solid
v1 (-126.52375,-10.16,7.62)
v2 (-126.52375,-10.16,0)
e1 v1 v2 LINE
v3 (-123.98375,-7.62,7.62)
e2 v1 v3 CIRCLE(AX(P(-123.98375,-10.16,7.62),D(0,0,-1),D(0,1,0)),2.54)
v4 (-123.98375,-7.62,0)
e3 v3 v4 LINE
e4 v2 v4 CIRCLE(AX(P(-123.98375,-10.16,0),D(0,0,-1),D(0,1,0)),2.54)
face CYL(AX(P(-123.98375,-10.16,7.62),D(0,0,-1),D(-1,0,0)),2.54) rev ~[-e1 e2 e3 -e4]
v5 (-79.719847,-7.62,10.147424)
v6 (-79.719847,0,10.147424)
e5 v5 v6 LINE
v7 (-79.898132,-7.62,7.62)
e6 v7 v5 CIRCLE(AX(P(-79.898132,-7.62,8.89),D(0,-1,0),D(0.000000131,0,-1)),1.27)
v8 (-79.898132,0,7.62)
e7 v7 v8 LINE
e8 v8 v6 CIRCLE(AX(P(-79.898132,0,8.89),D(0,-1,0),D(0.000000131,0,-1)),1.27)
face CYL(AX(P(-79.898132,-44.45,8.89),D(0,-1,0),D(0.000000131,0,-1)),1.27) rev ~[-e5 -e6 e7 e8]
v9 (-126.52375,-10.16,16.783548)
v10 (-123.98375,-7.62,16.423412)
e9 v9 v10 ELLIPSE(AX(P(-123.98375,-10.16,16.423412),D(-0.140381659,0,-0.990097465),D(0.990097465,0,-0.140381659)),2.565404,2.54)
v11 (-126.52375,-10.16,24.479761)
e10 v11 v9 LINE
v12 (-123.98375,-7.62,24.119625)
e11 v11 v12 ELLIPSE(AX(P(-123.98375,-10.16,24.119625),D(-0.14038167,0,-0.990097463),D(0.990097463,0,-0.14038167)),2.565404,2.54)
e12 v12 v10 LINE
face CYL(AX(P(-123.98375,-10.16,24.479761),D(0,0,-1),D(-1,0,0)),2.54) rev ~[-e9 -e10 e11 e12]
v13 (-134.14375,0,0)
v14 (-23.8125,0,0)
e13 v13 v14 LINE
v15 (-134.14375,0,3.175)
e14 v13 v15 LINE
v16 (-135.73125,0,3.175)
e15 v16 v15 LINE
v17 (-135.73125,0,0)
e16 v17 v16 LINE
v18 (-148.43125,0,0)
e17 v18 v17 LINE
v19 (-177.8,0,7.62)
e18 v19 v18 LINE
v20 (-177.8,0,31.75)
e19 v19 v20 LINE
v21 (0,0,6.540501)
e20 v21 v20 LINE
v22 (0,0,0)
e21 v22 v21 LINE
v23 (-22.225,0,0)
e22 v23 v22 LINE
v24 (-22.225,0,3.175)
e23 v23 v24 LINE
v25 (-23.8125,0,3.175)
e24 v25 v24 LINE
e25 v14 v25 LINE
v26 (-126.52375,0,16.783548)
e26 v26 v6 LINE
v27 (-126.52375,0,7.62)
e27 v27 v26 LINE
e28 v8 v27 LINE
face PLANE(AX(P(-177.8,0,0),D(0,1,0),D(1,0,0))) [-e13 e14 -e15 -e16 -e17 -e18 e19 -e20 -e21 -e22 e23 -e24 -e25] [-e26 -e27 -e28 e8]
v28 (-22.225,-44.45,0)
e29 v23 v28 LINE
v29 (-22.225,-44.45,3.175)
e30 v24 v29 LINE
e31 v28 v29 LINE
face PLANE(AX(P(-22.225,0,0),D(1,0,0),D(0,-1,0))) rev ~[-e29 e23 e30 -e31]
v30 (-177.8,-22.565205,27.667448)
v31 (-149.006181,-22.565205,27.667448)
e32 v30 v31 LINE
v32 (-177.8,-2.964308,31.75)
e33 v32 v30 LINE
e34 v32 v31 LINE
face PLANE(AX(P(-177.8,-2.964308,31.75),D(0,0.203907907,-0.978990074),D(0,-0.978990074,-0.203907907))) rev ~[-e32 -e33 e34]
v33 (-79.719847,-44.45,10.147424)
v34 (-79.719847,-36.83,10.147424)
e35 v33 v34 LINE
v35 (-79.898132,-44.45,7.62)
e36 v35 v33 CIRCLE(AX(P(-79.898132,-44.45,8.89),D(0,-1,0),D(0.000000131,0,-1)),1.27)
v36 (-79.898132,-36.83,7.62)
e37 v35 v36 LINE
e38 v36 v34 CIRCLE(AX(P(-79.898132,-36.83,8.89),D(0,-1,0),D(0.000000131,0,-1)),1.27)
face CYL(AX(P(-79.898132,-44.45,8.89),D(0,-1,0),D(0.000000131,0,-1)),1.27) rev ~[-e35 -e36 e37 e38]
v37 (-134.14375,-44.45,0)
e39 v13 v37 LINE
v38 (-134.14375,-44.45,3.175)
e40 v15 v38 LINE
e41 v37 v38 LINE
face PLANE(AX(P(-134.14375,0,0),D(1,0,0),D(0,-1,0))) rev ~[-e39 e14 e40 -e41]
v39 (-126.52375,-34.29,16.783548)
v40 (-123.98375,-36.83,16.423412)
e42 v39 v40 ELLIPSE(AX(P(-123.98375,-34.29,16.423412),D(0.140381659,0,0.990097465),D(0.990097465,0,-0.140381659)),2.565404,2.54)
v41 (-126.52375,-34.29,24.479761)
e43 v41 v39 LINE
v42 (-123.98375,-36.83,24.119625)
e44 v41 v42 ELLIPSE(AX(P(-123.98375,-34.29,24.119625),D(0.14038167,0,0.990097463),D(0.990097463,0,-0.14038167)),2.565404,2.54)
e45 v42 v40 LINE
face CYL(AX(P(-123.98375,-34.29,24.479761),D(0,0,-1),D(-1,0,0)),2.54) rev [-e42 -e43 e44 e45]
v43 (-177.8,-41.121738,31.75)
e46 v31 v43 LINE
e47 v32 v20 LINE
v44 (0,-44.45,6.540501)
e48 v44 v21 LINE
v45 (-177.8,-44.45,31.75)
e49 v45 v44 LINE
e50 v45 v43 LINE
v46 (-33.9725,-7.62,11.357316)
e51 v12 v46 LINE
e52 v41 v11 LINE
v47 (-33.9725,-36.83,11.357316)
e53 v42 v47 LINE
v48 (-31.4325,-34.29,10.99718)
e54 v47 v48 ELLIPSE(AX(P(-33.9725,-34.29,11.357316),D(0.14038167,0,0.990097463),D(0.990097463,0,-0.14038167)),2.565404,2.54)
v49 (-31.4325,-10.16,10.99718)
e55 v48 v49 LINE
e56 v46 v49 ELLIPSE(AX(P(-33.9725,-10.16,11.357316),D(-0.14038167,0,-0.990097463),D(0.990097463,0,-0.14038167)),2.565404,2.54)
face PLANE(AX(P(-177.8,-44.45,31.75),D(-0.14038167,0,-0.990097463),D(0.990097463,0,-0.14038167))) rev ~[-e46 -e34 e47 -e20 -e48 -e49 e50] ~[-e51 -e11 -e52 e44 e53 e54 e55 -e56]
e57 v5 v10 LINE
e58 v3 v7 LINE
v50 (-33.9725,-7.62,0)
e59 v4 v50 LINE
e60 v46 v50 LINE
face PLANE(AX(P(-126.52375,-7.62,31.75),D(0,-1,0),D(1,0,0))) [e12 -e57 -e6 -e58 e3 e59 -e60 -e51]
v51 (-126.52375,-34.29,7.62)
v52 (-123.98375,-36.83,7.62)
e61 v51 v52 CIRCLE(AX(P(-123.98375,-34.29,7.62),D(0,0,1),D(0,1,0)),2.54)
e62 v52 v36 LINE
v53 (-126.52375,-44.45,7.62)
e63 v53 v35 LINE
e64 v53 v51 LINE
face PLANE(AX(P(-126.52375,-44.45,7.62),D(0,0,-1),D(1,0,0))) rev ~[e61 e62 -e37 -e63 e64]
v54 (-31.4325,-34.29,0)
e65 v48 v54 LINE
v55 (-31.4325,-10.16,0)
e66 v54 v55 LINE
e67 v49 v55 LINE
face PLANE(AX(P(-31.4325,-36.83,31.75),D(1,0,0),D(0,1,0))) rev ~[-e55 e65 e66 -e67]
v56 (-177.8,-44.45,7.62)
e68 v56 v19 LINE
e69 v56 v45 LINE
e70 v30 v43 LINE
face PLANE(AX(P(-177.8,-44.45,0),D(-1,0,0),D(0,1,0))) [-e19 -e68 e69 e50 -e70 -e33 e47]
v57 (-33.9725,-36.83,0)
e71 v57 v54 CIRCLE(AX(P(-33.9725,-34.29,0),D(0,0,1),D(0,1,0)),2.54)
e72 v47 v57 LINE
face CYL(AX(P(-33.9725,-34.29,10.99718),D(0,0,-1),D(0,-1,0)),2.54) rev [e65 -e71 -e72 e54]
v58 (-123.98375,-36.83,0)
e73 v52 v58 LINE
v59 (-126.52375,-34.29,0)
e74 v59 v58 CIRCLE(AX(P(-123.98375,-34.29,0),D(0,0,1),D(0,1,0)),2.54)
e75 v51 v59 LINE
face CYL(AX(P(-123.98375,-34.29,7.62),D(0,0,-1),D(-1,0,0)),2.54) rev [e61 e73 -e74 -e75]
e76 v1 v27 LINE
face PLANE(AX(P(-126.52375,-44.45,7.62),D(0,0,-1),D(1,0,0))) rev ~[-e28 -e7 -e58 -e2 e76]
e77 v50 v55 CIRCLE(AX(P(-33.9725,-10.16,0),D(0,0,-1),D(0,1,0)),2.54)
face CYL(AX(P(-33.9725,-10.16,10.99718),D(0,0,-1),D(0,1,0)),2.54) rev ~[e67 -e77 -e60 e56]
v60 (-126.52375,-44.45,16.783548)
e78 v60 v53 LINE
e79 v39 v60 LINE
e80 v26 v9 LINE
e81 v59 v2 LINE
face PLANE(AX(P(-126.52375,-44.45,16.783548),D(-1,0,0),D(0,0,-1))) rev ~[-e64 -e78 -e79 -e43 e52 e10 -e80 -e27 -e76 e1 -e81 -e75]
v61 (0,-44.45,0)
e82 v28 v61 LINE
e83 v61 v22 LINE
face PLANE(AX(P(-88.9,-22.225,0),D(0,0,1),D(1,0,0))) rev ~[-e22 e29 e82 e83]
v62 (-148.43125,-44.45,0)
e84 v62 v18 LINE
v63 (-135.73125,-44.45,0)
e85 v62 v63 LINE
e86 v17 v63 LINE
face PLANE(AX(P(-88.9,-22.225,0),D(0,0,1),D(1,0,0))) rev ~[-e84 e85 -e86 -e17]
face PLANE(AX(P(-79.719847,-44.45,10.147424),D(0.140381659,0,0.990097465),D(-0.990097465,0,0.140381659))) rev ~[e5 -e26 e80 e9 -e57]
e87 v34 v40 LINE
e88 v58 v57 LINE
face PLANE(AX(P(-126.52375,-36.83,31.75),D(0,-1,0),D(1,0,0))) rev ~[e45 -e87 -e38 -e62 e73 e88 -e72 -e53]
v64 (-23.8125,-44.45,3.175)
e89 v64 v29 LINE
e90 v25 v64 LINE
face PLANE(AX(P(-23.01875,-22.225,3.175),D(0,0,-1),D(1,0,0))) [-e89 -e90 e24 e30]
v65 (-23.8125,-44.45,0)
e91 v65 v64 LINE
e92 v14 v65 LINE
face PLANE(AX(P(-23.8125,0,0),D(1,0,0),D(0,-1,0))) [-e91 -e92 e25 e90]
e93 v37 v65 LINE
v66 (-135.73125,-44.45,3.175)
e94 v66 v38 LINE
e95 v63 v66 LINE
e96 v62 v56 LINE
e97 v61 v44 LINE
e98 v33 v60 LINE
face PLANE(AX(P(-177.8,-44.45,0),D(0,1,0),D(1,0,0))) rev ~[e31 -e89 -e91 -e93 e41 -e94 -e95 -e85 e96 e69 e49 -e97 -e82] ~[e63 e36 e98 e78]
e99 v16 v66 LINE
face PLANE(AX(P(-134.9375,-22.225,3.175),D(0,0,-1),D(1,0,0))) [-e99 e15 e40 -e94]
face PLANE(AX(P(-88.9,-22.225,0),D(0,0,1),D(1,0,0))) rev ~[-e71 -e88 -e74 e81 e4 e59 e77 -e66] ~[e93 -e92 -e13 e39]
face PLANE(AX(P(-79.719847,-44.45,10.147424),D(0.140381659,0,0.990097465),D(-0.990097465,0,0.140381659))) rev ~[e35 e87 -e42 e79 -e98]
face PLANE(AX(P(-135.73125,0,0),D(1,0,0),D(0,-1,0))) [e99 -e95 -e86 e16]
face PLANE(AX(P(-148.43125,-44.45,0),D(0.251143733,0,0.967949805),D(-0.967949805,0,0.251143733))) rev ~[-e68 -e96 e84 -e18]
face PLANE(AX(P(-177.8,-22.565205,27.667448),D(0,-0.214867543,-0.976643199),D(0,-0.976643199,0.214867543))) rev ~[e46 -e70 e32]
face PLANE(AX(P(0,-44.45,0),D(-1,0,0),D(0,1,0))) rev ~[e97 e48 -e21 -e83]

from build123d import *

# Parameters (mm, degrees)
F0_W      = 177.8
F0_H      = 44.45
F1_DEPTH  = 31.75
F2_W      = 1.5875
F2_H      = 44.45
F3_DEPTH  = 3.175
F4_W      = 95.09125
F4_H      = 29.21
F5_DEPTH  = 31.751
F7_DEPTH  = 44.451
F9_DEPTH  = 44.451
F11_DEPTH = 44.451
F13_DEPTH = 177.801
F14_R     = 2.54


with BuildPart() as f1:
    # F0 (on Top) → F1 (new body)
    with BuildSketch(Plane.XY):
        with Locations((-88.9, -22.225)):
            Rectangle(F0_W, F0_H)
    extrude(amount=F1_DEPTH)

    # F2 (on face) → F3 (cut)
    with BuildSketch(Plane(origin=(0, 0, 0), x_dir=(1, 0, 0), z_dir=(0, 0, -1))):
        with Locations((-23.01875, 22.225)):
            Rectangle(F2_W, F2_H)
        with Locations((-134.9375, 22.225)):
            Rectangle(F2_W, F2_H)
    extrude(amount=-F3_DEPTH, mode=Mode.SUBTRACT)

    # F4 (on face) → F5 (cut, through all)
    with BuildSketch(Plane.XY.offset(31.75)):
        with Locations((-78.978125, -22.225)):
            Rectangle(F4_W, F4_H)
    extrude(amount=-F5_DEPTH, mode=Mode.SUBTRACT)

    # F6 (on face) → F7 (cut, through all)
    with BuildSketch(Plane.XZ.offset(44.45)):
        Polygon((-177.8, 31.75), (0, 6.540501), (0, 31.75), align=None)
    extrude(amount=-F7_DEPTH, mode=Mode.SUBTRACT)

    # F8 (on face) → F9 (cut, through all)
    with BuildSketch(Plane.XZ.offset(44.45)):
        with BuildLine():
            Line((-126.52375, 16.783548), (-126.52375, 7.62))
            Line((-126.52375, 7.62), (-79.898132, 7.62))
            ThreePointArc((-79.898132, 7.62), (-78.63128, 8.800636), (-79.719847, 10.147424))
            Line((-79.719847, 10.147424), (-126.52375, 16.783548))
        make_face()
    extrude(amount=-F9_DEPTH, mode=Mode.SUBTRACT)

    # F10 (on face) → F11 (cut, through all)
    with BuildSketch(Plane.XZ.offset(44.45)):
        Polygon((-177.8, 0), (-148.43125, 0), (-177.8, 7.62), align=None)
    extrude(amount=-F11_DEPTH, mode=Mode.SUBTRACT)

    # F12 (on face) → F13 (cut, through all)
    with BuildSketch(Plane(origin=(-177.8, 0, 0), x_dir=(0, -1, 0), z_dir=(-1, 0, 0))):
        Polygon((41.121738, 31.75), (2.964308, 31.75), (22.565205, 27.667448), align=None)
    extrude(amount=-F13_DEPTH, mode=Mode.SUBTRACT)

    # F14
    f14_edges = [f1.edges().sort_by_distance(p)[0] for p in [
        (-31.4325, -36.83, 5.49859),
        (-126.52375, -36.83, 3.81),
        (-126.52375, -36.83, 20.631654),
        (-126.52375, -7.62, 3.81),
        (-126.52375, -7.62, 20.631654),
        (-31.4325, -7.62, 5.49859),
    ]]
    fillet(f14_edges, radius=F14_R)


solid = f1.part
